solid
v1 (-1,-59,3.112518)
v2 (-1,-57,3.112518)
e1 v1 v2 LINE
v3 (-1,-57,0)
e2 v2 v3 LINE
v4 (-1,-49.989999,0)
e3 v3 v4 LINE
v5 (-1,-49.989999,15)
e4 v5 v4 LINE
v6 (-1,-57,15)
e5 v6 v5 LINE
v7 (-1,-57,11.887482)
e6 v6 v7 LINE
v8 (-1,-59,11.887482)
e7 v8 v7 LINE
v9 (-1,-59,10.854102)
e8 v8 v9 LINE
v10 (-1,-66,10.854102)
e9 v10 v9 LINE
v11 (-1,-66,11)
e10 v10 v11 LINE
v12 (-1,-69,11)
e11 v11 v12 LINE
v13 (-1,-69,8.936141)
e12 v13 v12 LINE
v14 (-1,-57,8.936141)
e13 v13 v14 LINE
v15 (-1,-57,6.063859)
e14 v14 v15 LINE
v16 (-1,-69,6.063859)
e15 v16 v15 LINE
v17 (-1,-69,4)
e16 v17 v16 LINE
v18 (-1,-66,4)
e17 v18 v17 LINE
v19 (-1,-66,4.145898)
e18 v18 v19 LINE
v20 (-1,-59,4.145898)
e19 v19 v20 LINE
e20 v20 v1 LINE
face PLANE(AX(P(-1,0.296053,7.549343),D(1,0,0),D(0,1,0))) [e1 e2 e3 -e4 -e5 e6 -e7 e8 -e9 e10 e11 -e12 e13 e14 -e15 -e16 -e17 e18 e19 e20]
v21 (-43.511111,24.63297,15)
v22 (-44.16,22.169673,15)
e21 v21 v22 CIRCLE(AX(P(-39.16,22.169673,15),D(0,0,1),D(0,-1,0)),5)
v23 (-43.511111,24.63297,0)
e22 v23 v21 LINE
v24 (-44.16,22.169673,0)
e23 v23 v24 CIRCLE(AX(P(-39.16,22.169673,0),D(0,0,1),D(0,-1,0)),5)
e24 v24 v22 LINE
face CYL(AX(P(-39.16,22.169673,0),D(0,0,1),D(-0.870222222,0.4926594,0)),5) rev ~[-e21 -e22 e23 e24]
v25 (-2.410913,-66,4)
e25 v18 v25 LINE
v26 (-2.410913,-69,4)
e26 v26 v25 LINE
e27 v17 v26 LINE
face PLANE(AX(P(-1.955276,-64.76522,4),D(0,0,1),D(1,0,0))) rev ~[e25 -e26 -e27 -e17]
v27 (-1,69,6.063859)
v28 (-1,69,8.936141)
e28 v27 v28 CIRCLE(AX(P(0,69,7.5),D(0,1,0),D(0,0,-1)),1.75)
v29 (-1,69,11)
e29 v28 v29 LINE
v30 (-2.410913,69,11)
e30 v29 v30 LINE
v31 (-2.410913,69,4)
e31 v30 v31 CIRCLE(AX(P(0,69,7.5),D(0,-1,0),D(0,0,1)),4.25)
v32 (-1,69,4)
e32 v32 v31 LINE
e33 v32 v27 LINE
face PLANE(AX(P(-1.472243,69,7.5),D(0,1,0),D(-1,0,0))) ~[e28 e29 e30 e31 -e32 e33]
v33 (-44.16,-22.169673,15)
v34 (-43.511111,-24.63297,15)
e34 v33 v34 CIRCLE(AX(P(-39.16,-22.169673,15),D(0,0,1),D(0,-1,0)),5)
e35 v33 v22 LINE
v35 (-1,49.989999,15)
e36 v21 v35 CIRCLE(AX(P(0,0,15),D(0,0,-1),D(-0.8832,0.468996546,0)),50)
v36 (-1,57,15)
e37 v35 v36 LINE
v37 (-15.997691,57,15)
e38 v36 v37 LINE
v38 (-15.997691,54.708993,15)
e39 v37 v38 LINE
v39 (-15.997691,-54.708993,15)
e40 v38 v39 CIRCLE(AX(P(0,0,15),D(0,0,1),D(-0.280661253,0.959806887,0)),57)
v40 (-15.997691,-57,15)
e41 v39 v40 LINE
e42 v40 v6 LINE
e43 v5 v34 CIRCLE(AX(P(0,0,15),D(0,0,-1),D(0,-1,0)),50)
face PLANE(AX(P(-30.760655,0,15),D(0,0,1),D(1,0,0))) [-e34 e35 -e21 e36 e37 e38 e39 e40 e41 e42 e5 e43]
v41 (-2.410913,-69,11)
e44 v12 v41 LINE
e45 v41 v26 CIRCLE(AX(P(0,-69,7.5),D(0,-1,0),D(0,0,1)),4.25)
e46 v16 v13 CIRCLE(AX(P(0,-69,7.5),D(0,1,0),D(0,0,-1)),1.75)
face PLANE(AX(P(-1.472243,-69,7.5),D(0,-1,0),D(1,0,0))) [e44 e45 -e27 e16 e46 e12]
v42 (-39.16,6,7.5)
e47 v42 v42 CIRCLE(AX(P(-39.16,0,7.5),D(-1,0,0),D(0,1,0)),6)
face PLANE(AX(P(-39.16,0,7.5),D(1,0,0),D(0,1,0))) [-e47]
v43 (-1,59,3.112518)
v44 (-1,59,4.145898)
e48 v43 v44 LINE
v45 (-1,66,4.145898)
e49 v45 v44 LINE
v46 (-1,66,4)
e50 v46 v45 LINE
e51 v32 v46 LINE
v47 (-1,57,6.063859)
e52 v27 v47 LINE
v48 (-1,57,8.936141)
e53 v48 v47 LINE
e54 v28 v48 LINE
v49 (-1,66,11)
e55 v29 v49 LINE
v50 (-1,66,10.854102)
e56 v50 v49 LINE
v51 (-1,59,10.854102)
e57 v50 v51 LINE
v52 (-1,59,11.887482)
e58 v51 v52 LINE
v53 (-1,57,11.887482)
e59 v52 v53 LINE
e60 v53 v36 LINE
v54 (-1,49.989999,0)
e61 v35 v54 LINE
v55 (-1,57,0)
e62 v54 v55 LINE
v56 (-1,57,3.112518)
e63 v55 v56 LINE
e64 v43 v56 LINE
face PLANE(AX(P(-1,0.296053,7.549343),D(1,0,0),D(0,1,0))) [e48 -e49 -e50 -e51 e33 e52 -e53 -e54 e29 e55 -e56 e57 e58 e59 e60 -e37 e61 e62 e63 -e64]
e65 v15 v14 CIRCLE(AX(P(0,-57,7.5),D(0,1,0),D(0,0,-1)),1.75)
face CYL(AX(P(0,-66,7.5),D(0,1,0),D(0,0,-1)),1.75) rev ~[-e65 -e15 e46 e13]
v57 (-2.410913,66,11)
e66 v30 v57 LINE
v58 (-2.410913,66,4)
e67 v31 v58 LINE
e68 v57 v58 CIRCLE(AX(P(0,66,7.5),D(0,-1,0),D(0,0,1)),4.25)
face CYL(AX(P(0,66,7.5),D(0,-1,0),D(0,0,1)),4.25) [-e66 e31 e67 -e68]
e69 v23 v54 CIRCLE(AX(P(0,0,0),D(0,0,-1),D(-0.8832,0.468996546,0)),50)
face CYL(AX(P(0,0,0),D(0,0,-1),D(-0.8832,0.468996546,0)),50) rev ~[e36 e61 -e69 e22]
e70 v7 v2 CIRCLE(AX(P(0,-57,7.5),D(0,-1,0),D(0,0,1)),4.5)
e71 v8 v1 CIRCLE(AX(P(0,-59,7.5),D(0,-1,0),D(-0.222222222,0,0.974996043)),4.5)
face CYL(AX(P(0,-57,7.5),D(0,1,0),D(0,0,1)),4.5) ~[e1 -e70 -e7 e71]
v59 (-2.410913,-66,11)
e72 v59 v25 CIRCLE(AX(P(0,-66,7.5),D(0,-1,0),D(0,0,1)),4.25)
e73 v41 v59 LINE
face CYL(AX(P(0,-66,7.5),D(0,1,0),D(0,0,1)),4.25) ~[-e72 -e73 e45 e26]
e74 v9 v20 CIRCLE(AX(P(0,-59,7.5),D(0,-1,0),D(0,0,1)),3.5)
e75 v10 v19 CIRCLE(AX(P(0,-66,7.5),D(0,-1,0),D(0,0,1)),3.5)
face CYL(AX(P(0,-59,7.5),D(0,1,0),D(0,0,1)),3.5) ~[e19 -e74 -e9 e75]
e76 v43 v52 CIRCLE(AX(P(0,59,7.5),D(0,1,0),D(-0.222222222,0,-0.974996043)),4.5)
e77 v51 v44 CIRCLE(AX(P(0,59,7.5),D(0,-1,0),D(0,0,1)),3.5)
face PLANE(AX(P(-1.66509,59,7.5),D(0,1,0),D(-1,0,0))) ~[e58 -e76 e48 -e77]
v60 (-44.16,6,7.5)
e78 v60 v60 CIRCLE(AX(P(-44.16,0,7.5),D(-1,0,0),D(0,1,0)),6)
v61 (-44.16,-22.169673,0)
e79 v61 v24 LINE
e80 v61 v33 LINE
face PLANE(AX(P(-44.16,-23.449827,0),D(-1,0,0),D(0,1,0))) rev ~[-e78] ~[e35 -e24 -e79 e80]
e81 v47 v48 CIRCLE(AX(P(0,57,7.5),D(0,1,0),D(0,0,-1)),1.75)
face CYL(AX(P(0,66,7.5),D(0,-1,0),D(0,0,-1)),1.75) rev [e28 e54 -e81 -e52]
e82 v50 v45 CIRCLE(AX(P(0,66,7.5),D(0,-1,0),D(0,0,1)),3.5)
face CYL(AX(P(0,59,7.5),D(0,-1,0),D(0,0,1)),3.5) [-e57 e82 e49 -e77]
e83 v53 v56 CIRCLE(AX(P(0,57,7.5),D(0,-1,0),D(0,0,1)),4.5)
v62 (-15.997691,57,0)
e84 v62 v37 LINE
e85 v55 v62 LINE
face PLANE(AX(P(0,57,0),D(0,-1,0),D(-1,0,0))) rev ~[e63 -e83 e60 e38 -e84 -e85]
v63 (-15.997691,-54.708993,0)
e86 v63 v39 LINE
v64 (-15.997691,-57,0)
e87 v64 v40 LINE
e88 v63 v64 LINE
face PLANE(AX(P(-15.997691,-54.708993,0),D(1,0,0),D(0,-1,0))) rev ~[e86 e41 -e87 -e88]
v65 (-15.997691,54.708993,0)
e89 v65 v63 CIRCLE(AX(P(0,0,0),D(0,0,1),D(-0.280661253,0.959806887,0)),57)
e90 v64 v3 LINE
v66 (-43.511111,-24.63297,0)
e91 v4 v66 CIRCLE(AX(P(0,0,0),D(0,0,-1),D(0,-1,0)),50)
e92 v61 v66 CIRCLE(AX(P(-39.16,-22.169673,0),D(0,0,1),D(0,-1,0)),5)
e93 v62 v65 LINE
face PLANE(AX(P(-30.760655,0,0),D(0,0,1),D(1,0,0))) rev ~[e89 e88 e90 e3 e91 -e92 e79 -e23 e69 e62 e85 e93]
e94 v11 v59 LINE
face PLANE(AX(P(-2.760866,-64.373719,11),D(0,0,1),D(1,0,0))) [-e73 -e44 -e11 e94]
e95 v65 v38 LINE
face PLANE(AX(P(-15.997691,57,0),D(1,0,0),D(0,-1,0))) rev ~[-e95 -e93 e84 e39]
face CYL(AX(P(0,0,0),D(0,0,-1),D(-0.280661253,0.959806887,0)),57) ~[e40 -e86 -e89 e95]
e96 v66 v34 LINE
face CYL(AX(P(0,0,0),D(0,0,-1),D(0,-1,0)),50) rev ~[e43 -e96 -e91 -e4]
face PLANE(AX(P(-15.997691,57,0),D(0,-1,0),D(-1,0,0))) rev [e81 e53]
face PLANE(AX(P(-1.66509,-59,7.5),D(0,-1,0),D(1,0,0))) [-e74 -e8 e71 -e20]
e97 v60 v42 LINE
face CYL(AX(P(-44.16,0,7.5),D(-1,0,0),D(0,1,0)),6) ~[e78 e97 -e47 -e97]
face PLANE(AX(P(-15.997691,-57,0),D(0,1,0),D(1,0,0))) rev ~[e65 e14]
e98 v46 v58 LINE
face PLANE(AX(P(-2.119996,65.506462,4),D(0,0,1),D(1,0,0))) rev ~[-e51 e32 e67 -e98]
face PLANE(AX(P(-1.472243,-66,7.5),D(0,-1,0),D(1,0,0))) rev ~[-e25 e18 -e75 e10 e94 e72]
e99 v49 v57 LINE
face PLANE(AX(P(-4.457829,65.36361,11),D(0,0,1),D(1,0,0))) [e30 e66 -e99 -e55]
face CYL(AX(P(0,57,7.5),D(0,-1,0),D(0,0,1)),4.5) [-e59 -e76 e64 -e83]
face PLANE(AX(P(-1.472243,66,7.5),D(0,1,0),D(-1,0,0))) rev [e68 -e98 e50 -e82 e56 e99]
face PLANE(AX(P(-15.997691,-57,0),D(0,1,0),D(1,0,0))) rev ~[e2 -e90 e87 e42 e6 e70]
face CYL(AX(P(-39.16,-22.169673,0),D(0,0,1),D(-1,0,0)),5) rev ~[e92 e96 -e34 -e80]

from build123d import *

# Parameters (mm, degrees)
F1_DEPTH  = 15
F2_R      = 6
F3_DEPTH  = 5
F4_R      = 5
F6_DEPTH  = 2
F8_DEPTH  = 7
F10_DEPTH = 3
F11_DEPTH = 25
F13_W     = 146.8421146274
F13_H     = 28.1250011176
F14_DEPTH = 1
F15_W     = 11.3657170441
F15_H     = 11.5304403007
F15_W_2   = 13.3423628286
F15_H_2   = 13.0129233003
F16_DEPTH = 4
F17_W     = 19.5150814822
F17_H     = 12.7272193491
F17_W_2   = 18.9494257321
F17_H_2   = 10.7474377315
F18_DEPTH = 4


with BuildPart() as f1:
    # F0 (on Top) → F1 (new body)
    with BuildSketch(Plane.XY):
        with BuildLine():
            ThreePointArc((-44.16, 23.4498272915), (-25.7634298515, 42.8514373421), (0, 50))
            Line((0, 50), (0, 57))
            Line((0, 57), (-15.9976914198, 57))
            Line((-15.9976914198, 57), (-15.9976914198, 54.7089925811))
            ThreePointArc((-15.9976914198, 54.7089925811), (-57, 0), (-15.9976914198, -54.7089925811))
            Line((-15.9976914198, -54.7089925811), (-15.9976914198, -57))
            Line((-15.9976914198, -57), (0, -57))
            Line((0, -57), (0, -50))
            ThreePointArc((0, -50), (-25.7634298515, -42.8514373421), (-44.16, -23.4498272915))
            Line((-44.16, -23.4498272915), (-44.16, 23.4498272915))
        make_face()
    extrude(amount=F1_DEPTH)

    # F2 (on face) → F3 (join)
    with BuildSketch(Plane.YZ.offset(-44.16)):
        with Locations((0, 7.5)):
            Circle(F2_R)
    extrude(amount=F3_DEPTH)

    # F4
    f4_edges = [f1.edges().sort_by_distance(p)[0] for p in [
        (-44.16, 23.449827, 7.5),
        (-44.16, -23.449827, 7.5),
    ]]
    fillet(f4_edges, radius=F4_R)

    # F5 (on face) → F6 (join)
    with BuildSketch(Plane.XZ.offset(57)):
        with BuildLine():
            Line((0, 9.25), (0, 12))
            ThreePointArc((0, 12), (-4.5, 7.5), (0, 3))
            Line((0, 3), (0, 5.75))
            ThreePointArc((0, 5.75), (-1.75, 7.5), (0, 9.25))
        make_face()
    extrude(amount=F6_DEPTH)

    # F7 (on face) → F8 (join)
    with BuildSketch(Plane.XZ.offset(59)):
        with BuildLine():
            Line((0, 9.25), (0, 11))
            ThreePointArc((0, 11), (-3.5, 7.5), (0, 4))
            Line((0, 4), (0, 5.75))
            ThreePointArc((0, 5.75), (-1.75, 7.5), (0, 9.25))
        make_face()
    extrude(amount=F8_DEPTH)

    # F9 (on face) → F10 (join)
    with BuildSketch(Plane.XZ.offset(66)):
        with BuildLine():
            Line((0, 3.25), (0, 11.75))
            ThreePointArc((0, 11.75), (-4.25, 7.5), (0, 3.25))
        make_face()
    extrude(amount=F10_DEPTH)

    # F11 (cut): a face of the model
    f11_faces = [f1.faces().sort_by_distance(p)[0] for p in [
        (-0.7427230678, -66, 7.5),
    ]]
    extrude(f11_faces, amount=-F11_DEPTH, mode=Mode.SUBTRACT)

    # F12: F1 across plane


with BuildPart() as f1_1:
    add(f1.part)
    add(f1.part.mirror(Plane.XZ))

    # F13 (on Right) → F14 (cut)
    with BuildSketch(Plane.YZ):
        with Locations((0.2960525453, 7.5493426993)):
            Rectangle(F13_W, F13_H)
    extrude(amount=-F14_DEPTH, mode=Mode.SUBTRACT)

    # F15 (on Top) → F16 (cut)
    with BuildSketch(Plane.XY):
        with Locations((-1.9552764716, -64.7652201504)):
            Rectangle(F15_W, F15_H)
        with Locations((-2.1199961193, 65.5064616501)):
            Rectangle(F15_W_2, F15_H_2)
    extrude(amount=F16_DEPTH, mode=Mode.SUBTRACT)

    # F17 (on face) → F18 (cut)
    with BuildSketch(Plane.XY.offset(15)):
        with Locations((-4.4578294758, 65.3636096745)):
            Rectangle(F17_W, F17_H)
        with Locations((-2.7608656596, -64.3737188657)):
            Rectangle(F17_W_2, F17_H_2)
    extrude(amount=-F18_DEPTH, mode=Mode.SUBTRACT)


solid = f1_1.part
